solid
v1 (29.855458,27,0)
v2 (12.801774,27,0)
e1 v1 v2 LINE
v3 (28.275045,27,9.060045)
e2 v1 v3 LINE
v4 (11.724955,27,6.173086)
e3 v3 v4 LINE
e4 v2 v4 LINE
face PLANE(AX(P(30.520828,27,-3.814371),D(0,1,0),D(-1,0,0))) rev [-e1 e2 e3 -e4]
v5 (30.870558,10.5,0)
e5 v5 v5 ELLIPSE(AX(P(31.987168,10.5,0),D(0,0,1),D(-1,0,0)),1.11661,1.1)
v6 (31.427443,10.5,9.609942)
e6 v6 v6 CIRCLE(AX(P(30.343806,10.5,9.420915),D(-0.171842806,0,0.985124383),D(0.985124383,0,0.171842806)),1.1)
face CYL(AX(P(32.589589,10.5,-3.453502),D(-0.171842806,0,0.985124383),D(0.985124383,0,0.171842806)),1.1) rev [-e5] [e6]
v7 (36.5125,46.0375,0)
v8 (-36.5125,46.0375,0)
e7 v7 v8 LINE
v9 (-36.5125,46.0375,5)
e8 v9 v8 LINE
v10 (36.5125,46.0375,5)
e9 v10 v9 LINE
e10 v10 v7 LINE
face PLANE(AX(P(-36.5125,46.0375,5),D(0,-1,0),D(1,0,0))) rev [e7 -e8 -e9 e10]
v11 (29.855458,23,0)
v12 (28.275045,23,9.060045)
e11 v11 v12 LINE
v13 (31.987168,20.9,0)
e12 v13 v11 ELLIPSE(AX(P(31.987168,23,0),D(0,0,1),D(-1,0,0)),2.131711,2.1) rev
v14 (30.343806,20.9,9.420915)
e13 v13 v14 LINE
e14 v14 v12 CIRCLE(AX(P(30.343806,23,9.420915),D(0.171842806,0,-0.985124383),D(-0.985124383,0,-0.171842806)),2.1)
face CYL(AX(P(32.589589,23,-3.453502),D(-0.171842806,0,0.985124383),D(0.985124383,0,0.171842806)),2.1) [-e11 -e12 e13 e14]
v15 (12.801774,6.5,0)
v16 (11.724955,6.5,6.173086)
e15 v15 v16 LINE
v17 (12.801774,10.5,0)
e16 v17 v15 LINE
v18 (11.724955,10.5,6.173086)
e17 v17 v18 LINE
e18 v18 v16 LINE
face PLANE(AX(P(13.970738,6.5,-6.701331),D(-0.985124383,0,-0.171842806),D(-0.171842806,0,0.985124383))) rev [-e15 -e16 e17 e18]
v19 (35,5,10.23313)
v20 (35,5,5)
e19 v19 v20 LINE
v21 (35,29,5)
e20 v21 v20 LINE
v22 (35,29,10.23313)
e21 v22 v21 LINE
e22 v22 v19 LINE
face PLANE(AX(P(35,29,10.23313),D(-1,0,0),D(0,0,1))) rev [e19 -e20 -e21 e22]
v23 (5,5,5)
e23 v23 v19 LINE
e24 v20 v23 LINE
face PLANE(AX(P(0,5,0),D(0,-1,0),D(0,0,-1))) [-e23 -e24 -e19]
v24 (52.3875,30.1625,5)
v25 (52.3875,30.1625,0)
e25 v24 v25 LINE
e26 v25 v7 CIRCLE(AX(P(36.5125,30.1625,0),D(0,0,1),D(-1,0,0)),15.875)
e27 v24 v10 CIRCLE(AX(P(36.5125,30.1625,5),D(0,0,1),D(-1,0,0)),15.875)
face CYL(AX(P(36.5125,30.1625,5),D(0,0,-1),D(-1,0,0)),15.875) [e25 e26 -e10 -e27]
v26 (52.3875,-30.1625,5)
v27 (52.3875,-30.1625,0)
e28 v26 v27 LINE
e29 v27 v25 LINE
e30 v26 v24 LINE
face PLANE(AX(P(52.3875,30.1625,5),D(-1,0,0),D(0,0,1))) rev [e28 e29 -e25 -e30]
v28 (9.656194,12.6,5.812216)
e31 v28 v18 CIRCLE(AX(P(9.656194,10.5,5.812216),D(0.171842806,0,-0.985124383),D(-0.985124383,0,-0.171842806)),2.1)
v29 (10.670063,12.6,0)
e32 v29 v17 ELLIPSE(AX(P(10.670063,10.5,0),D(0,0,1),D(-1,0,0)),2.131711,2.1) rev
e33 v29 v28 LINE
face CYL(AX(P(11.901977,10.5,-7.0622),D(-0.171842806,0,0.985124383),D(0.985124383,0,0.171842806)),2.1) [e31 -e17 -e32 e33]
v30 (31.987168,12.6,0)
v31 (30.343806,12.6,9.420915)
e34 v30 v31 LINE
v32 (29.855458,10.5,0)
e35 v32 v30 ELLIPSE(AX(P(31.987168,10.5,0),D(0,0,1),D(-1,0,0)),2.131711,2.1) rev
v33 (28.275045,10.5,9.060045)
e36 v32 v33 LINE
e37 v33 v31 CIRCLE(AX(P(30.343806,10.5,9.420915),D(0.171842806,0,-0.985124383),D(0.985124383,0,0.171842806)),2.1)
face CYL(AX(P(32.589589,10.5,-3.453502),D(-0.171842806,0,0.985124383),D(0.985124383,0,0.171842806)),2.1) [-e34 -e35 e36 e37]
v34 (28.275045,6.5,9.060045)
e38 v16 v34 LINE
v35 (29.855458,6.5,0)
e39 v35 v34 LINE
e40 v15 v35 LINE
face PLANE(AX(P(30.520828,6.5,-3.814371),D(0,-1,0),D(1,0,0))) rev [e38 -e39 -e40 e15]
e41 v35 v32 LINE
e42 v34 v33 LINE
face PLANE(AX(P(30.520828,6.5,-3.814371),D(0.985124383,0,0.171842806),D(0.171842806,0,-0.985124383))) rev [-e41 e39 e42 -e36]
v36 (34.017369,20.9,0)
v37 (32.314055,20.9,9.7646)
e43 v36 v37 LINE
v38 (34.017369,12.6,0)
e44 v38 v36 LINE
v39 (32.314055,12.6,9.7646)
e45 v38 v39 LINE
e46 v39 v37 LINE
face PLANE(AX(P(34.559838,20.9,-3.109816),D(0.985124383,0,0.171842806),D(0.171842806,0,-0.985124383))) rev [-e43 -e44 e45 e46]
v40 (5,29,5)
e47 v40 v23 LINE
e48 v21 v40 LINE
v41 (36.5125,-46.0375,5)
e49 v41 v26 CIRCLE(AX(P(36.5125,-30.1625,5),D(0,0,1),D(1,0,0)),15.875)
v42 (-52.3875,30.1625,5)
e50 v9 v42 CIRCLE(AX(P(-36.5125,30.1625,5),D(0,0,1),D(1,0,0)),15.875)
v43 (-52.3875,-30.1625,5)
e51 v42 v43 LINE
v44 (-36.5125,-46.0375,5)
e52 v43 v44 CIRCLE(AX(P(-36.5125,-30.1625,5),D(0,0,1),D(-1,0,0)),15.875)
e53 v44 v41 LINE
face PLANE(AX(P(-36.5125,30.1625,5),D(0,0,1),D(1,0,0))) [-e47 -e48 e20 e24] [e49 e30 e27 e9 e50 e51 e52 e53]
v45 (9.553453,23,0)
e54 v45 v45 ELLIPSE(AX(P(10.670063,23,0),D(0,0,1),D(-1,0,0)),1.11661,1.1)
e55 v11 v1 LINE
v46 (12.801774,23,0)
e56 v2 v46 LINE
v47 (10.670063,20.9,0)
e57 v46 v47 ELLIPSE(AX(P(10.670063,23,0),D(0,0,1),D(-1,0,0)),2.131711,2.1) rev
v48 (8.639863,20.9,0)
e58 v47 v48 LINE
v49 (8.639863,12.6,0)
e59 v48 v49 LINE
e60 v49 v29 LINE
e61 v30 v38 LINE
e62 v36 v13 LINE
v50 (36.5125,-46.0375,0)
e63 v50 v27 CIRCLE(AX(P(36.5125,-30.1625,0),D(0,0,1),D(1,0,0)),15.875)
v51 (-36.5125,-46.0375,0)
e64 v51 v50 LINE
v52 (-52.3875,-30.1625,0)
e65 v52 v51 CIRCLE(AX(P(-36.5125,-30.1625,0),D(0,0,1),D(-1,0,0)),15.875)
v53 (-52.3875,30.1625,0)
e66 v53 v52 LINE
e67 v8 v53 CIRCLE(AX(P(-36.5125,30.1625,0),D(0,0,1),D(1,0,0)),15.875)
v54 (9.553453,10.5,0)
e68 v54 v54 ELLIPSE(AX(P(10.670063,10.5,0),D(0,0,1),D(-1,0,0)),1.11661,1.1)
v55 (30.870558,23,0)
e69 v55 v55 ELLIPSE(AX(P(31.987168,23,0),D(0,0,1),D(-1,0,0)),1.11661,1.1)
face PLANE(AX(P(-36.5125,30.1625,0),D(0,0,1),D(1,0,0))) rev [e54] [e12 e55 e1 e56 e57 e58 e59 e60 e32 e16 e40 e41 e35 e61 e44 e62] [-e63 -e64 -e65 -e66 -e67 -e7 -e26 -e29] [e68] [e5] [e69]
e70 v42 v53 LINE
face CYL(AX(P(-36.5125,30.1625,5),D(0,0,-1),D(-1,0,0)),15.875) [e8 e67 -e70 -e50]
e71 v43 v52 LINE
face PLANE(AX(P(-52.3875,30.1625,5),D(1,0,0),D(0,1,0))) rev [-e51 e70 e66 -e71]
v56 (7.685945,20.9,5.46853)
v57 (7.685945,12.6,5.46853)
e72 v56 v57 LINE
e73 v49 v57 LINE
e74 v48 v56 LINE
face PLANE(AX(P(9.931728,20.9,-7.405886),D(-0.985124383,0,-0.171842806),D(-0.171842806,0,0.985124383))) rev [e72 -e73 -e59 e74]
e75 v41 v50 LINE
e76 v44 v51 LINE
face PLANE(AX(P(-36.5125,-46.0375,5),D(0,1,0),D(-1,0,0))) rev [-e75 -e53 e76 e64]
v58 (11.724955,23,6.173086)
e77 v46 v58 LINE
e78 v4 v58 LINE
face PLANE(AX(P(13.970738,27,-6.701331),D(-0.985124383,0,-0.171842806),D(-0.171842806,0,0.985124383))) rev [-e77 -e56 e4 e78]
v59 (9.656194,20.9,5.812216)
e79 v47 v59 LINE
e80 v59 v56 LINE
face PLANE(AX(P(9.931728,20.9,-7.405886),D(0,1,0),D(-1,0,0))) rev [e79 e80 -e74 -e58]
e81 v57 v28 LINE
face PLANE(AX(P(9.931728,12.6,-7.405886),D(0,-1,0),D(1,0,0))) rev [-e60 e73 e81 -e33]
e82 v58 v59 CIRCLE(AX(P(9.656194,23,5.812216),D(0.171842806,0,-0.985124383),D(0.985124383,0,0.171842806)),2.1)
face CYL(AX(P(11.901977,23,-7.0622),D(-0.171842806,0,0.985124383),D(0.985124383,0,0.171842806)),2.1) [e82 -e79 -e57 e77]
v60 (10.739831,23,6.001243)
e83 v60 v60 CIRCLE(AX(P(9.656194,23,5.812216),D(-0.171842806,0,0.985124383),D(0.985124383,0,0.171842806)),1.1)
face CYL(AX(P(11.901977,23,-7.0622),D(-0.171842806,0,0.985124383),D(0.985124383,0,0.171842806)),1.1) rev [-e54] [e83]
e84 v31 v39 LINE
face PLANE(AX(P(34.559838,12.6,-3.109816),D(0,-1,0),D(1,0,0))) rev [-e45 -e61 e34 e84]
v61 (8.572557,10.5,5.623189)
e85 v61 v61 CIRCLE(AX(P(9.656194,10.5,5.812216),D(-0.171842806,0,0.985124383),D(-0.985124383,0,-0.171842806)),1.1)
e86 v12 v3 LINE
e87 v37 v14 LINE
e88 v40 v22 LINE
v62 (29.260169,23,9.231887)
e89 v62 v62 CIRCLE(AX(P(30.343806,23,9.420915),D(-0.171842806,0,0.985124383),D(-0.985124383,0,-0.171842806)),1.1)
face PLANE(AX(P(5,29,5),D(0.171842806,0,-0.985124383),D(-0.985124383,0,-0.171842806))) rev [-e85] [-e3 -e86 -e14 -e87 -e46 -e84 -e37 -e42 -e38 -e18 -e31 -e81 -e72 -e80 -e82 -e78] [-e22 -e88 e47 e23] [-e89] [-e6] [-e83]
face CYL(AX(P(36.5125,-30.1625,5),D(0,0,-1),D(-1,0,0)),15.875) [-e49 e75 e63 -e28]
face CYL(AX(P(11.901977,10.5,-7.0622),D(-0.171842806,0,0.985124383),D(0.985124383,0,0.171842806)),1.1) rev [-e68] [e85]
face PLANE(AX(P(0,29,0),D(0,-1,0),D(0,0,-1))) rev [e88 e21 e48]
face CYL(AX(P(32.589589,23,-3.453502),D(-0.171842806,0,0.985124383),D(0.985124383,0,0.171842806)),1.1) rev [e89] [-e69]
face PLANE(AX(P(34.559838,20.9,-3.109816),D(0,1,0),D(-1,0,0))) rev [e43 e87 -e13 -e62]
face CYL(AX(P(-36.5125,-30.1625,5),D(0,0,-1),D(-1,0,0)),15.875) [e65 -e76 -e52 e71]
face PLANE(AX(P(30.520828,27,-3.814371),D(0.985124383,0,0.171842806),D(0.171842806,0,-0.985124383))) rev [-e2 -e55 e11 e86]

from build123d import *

# Parameters (mm, degrees)
BOSS_EXTRUDE1_DEPTH = 5
BOSS_EXTRUDE2_START = 5
BOSS_EXTRUDE2_DEPTH = 24
SKETCH7_R           = 1.1
CUT_EXTRUDE1_DEPTH  = 71.543483188


with BuildPart() as part:
    # Sketch1 → Boss-Extrude1 (new body)
    with BuildSketch(Plane.XY):
        with BuildLine():
            Line((-36.5125, 46.0375), (36.5125, 46.0375))
            ThreePointArc((36.5125, 46.0375), (47.737820151, 41.387820151), (52.3875, 30.1625))
            Line((52.3875, 30.1625), (52.3875, -30.1625))
            ThreePointArc((52.3875, -30.1625), (47.737820151, -41.387820151), (36.5125, -46.0375))
            Line((36.5125, -46.0375), (-36.5125, -46.0375))
            ThreePointArc((-36.5125, -46.0375), (-47.737820151, -41.387820151), (-52.3875, -30.1625))
            Line((-52.3875, -30.1625), (-52.3875, 30.1625))
            ThreePointArc((-52.3875, 30.1625), (-47.737820151, 41.387820151), (-36.5125, 46.0375))
        make_face()
    extrude(amount=BOSS_EXTRUDE1_DEPTH)

    # Sketch5 → Boss-Extrude2 (add)
    with BuildSketch(Plane(origin=(0, 0, 0), x_dir=(1, 0, 0), z_dir=(0, 1, 0)).offset(BOSS_EXTRUDE2_START)):
        Polygon((5, -5), (35, -10.233130218), (35, -5), align=None)
    extrude(amount=BOSS_EXTRUDE2_DEPTH)

    # Sketch7 → Cut-Extrude1 (cut, through all)
    with BuildSketch(Plane(origin=(-0.698782941, 0, 4.005917559), x_dir=(0.985124383035979, 0, 0.17184280592443155), z_dir=(-0.17184280592443155, 0, 0.985124383035979))):
        with Locations((10.511339581, 23)):
            Circle(SKETCH7_R)
        with Locations(Location((31.511339581, 23, 0), (0, 0, 180))):
            Circle(SKETCH7_R)
        with Locations((31.511339581, 10.5)):
            Circle(SKETCH7_R)
        with Locations(Location((10.511339581, 10.5, 0), (0, 0, 180))):
            Circle(SKETCH7_R)
        with BuildLine():
            Line((29.411339581, 27), (12.611339581, 27))
            Line((12.611339581, 27), (12.611339581, 23))
            ThreePointArc((12.611339581, 23), (11.996263821, 21.51507576), (10.511339581, 20.9))
            Line((10.511339581, 20.9), (8.511339581, 20.9))
            Line((8.511339581, 20.9), (8.511339581, 12.6))
            Line((8.511339581, 12.6), (10.511339581, 12.6))
            ThreePointArc((10.511339581, 12.6), (11.996263821, 11.98492424), (12.611339581, 10.5))
            Line((12.611339581, 10.5), (12.611339581, 6.5))
            Line((12.611339581, 6.5), (29.411339581, 6.5))
            Line((29.411339581, 6.5), (29.411339581, 10.5))
            ThreePointArc((29.411339581, 10.5), (30.02641534, 11.98492424), (31.511339581, 12.6))
            Line((31.511339581, 12.6), (33.511339581, 12.6))
            Line((33.511339581, 12.6), (33.511339581, 20.9))
            Line((33.511339581, 20.9), (31.511339581, 20.9))
            ThreePointArc((31.511339581, 20.9), (30.02641534, 21.51507576), (29.411339581, 23))
            Line((29.411339581, 23), (29.411339581, 27))
        make_face()
    extrude(amount=-CUT_EXTRUDE1_DEPTH, mode=Mode.SUBTRACT)


solid = part.part
